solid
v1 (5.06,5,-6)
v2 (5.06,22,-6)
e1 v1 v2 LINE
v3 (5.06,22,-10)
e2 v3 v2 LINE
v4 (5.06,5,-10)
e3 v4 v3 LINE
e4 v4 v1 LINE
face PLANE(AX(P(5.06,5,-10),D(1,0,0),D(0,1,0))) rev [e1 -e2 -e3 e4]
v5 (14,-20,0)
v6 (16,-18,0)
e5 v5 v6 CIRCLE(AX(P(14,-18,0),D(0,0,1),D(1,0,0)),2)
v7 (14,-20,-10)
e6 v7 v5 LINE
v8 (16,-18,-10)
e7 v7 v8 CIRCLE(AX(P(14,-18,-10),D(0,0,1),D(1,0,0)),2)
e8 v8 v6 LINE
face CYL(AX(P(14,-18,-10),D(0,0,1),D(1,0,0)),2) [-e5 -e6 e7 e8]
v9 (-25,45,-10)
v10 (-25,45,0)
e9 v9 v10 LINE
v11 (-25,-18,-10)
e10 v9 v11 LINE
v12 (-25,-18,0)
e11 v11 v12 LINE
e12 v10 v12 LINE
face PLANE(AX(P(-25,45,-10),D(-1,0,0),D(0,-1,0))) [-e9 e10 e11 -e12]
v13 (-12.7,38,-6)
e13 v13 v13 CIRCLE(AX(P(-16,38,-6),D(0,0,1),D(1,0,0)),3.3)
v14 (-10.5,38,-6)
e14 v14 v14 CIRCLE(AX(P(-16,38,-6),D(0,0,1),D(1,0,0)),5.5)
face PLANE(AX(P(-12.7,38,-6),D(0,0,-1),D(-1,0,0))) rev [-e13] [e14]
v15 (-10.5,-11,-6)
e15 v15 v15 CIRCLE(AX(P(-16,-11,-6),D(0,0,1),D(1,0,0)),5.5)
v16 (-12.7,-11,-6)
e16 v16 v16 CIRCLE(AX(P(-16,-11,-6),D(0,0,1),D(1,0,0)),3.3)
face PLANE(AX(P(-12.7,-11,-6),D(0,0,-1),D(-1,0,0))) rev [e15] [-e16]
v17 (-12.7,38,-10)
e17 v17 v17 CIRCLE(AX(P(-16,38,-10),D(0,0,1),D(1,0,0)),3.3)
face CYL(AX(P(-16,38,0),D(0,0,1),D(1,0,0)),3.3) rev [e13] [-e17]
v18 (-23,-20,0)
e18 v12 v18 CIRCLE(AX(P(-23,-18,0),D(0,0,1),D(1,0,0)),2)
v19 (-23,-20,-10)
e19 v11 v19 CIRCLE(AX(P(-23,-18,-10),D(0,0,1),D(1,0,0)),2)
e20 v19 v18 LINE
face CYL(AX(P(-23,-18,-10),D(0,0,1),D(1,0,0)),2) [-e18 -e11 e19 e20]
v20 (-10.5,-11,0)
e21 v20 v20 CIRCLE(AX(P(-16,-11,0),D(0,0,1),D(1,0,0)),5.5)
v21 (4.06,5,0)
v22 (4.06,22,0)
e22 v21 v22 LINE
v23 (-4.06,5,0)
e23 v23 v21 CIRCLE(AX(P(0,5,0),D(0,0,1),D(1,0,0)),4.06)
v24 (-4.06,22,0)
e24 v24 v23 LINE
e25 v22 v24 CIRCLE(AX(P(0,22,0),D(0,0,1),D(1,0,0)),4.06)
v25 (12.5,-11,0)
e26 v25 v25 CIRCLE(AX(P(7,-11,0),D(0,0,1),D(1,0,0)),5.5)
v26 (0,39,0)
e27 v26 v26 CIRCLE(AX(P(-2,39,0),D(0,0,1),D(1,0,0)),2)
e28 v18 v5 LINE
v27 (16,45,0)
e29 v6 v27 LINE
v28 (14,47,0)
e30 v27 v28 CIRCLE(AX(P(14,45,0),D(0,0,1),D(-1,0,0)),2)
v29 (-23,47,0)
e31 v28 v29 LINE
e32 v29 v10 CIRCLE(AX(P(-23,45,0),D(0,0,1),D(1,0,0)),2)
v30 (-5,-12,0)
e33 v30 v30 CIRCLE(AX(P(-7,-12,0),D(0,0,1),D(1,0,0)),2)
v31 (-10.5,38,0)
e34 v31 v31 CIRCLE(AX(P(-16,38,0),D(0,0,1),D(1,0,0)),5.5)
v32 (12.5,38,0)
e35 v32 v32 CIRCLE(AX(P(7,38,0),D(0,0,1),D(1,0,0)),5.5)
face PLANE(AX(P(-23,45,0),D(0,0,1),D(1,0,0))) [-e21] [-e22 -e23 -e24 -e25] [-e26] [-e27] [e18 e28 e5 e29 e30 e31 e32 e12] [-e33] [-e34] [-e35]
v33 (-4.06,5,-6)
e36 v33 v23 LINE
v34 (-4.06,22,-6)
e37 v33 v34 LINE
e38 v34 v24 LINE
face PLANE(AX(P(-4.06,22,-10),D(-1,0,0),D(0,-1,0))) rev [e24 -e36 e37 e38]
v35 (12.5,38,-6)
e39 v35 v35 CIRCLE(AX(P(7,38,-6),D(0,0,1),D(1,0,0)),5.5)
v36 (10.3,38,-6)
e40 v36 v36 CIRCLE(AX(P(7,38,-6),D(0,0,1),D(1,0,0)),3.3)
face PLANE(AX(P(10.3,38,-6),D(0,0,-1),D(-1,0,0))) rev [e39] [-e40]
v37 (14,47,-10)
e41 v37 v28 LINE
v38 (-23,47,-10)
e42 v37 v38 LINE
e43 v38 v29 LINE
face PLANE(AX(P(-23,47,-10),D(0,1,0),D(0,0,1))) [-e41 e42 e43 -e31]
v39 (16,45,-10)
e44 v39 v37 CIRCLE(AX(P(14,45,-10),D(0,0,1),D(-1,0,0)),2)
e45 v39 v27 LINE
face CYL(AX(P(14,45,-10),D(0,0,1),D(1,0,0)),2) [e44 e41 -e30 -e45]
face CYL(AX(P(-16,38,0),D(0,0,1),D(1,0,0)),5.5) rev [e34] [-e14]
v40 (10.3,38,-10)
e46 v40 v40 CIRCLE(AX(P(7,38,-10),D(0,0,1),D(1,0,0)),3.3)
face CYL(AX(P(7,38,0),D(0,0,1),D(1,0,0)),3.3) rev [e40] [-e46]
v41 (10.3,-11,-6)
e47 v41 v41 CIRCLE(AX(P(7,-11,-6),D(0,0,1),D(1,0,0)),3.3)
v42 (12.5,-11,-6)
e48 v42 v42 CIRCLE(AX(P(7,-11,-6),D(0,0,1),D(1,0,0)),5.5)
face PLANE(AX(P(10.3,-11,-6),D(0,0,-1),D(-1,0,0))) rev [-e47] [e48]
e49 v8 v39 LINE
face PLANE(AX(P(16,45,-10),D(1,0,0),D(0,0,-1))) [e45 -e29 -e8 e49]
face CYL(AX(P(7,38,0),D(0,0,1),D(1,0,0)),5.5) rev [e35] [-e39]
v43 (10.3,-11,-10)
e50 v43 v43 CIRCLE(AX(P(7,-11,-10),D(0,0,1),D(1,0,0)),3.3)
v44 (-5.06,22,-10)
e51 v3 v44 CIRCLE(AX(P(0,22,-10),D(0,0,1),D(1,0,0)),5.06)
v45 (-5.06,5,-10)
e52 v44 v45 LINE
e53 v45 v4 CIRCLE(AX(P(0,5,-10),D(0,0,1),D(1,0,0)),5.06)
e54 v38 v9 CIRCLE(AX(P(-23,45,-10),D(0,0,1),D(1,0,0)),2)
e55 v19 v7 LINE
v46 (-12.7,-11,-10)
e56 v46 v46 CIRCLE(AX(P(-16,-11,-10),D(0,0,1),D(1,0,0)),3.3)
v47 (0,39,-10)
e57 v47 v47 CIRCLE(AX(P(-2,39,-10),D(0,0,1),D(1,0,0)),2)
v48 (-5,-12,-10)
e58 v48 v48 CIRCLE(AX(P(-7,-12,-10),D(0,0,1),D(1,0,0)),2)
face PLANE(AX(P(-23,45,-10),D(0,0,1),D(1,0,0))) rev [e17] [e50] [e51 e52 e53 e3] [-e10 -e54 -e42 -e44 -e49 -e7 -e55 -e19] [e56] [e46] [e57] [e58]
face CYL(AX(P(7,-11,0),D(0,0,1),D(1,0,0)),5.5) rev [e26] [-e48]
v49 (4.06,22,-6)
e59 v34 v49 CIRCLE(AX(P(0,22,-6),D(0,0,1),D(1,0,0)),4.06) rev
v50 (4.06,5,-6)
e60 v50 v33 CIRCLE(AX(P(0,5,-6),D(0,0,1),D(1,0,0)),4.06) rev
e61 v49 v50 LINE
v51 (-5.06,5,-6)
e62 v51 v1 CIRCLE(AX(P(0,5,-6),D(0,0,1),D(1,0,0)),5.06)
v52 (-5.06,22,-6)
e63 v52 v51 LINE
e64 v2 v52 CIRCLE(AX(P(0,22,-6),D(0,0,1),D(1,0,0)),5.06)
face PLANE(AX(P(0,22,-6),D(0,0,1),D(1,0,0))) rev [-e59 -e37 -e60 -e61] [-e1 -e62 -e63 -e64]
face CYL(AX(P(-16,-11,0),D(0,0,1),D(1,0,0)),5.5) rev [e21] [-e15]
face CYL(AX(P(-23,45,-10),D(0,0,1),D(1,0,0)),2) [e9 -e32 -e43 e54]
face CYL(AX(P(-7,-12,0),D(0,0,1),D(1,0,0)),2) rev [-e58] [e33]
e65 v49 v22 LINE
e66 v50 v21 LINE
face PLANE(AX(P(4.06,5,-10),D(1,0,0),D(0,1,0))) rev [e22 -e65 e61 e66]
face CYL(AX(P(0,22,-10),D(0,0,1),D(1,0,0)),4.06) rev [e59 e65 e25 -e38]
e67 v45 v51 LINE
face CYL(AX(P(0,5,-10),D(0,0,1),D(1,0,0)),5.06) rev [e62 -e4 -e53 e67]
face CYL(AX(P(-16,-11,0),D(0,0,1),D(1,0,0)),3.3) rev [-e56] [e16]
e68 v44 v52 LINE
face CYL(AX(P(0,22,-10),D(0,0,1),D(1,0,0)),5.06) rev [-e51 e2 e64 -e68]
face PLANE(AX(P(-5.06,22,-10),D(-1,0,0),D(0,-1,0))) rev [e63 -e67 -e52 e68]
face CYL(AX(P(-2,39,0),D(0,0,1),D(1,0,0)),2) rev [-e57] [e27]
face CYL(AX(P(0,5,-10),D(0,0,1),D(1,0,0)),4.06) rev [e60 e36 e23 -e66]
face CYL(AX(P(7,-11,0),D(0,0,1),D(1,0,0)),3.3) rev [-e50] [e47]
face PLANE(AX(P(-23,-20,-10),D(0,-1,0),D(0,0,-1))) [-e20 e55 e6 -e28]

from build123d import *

# Parameters (mm, degrees)
BOSS_EXTRUDE1_DEPTH             = 10
CUT_EXTRUDE1_START              = -6
CUT_EXTRUDE1_DEPTH              = 4
CBORE_FOR_M6_SHCS1_D            = 6.6
CBORE_FOR_M6_SHCS1_CBORE_D      = 11
CBORE_FOR_M6_SHCS1_CBORE_DEPTH  = 6
F_4_0MM_CLEARANCE_DOWEL_HOLE1_D = 4


with BuildPart() as part:
    # Sketch2 → Boss-Extrude1 (new body)
    with BuildSketch(Plane.XY):
        with BuildLine():
            Line((-23, 47), (14, 47))
            ThreePointArc((14, 47), (15.414213562, 46.414213562), (16, 45))
            Line((16, 45), (16, -18))
            ThreePointArc((16, -18), (15.414213562, -19.414213562), (14, -20))
            Line((14, -20), (-23, -20))
            ThreePointArc((-23, -20), (-24.414213562, -19.414213562), (-25, -18))
            Line((-25, -18), (-25, 45))
            ThreePointArc((-25, 45), (-24.414213562, 46.414213562), (-23, 47))
        make_face()
        with BuildLine():
            Line((-4.06, 22), (-4.06, 5))
            ThreePointArc((-4.06, 5), (0, 0.94), (4.06, 5))
            Line((4.06, 5), (4.06, 22))
            ThreePointArc((4.06, 22), (0, 26.06), (-4.06, 22))
        make_face(mode=Mode.SUBTRACT)
    extrude(amount=-BOSS_EXTRUDE1_DEPTH)

    # Sketch3 → Cut-Extrude1 (cut)
    with BuildSketch(Plane.XY.offset(CUT_EXTRUDE1_START)):
        with BuildLine():
            Line((-5.06, 22), (-5.06, 5))
            ThreePointArc((-5.06, 5), (0, -0.06), (5.06, 5))
            Line((5.06, 5), (5.06, 22))
            ThreePointArc((5.06, 22), (0, 27.06), (-5.06, 22))
        make_face()
    extrude(amount=-CUT_EXTRUDE1_DEPTH, mode=Mode.SUBTRACT)

    # CBORE for M6 SHCS1 (through all)
    with Locations(Plane(origin=(0, 0, 0), x_dir=(0.9063077870366375, -0.4226182617407263, 0), z_dir=(0, 0, 1))):
        with Locations((-30.560418539, 27.67780372), (10.992955388, -7.011057825), (-9.852123713, -16.731277845), (-9.715339437, 37.39802374)):
            CounterBoreHole(CBORE_FOR_M6_SHCS1_D / 2, CBORE_FOR_M6_SHCS1_CBORE_D / 2, CBORE_FOR_M6_SHCS1_CBORE_DEPTH)

    # Ø4.0mm Clearance Dowel Hole1 (through all)
    with Locations(Plane(origin=(0, 0, 0), x_dir=(0.9063077870366375, -0.4226182617407263, 0), z_dir=(0, 0, 1))):
        with Locations((-18.294727782, 34.500767171), (-1.272735368, -13.834021277)):
            Hole(F_4_0MM_CLEARANCE_DOWEL_HOLE1_D / 2)


solid = part.part
